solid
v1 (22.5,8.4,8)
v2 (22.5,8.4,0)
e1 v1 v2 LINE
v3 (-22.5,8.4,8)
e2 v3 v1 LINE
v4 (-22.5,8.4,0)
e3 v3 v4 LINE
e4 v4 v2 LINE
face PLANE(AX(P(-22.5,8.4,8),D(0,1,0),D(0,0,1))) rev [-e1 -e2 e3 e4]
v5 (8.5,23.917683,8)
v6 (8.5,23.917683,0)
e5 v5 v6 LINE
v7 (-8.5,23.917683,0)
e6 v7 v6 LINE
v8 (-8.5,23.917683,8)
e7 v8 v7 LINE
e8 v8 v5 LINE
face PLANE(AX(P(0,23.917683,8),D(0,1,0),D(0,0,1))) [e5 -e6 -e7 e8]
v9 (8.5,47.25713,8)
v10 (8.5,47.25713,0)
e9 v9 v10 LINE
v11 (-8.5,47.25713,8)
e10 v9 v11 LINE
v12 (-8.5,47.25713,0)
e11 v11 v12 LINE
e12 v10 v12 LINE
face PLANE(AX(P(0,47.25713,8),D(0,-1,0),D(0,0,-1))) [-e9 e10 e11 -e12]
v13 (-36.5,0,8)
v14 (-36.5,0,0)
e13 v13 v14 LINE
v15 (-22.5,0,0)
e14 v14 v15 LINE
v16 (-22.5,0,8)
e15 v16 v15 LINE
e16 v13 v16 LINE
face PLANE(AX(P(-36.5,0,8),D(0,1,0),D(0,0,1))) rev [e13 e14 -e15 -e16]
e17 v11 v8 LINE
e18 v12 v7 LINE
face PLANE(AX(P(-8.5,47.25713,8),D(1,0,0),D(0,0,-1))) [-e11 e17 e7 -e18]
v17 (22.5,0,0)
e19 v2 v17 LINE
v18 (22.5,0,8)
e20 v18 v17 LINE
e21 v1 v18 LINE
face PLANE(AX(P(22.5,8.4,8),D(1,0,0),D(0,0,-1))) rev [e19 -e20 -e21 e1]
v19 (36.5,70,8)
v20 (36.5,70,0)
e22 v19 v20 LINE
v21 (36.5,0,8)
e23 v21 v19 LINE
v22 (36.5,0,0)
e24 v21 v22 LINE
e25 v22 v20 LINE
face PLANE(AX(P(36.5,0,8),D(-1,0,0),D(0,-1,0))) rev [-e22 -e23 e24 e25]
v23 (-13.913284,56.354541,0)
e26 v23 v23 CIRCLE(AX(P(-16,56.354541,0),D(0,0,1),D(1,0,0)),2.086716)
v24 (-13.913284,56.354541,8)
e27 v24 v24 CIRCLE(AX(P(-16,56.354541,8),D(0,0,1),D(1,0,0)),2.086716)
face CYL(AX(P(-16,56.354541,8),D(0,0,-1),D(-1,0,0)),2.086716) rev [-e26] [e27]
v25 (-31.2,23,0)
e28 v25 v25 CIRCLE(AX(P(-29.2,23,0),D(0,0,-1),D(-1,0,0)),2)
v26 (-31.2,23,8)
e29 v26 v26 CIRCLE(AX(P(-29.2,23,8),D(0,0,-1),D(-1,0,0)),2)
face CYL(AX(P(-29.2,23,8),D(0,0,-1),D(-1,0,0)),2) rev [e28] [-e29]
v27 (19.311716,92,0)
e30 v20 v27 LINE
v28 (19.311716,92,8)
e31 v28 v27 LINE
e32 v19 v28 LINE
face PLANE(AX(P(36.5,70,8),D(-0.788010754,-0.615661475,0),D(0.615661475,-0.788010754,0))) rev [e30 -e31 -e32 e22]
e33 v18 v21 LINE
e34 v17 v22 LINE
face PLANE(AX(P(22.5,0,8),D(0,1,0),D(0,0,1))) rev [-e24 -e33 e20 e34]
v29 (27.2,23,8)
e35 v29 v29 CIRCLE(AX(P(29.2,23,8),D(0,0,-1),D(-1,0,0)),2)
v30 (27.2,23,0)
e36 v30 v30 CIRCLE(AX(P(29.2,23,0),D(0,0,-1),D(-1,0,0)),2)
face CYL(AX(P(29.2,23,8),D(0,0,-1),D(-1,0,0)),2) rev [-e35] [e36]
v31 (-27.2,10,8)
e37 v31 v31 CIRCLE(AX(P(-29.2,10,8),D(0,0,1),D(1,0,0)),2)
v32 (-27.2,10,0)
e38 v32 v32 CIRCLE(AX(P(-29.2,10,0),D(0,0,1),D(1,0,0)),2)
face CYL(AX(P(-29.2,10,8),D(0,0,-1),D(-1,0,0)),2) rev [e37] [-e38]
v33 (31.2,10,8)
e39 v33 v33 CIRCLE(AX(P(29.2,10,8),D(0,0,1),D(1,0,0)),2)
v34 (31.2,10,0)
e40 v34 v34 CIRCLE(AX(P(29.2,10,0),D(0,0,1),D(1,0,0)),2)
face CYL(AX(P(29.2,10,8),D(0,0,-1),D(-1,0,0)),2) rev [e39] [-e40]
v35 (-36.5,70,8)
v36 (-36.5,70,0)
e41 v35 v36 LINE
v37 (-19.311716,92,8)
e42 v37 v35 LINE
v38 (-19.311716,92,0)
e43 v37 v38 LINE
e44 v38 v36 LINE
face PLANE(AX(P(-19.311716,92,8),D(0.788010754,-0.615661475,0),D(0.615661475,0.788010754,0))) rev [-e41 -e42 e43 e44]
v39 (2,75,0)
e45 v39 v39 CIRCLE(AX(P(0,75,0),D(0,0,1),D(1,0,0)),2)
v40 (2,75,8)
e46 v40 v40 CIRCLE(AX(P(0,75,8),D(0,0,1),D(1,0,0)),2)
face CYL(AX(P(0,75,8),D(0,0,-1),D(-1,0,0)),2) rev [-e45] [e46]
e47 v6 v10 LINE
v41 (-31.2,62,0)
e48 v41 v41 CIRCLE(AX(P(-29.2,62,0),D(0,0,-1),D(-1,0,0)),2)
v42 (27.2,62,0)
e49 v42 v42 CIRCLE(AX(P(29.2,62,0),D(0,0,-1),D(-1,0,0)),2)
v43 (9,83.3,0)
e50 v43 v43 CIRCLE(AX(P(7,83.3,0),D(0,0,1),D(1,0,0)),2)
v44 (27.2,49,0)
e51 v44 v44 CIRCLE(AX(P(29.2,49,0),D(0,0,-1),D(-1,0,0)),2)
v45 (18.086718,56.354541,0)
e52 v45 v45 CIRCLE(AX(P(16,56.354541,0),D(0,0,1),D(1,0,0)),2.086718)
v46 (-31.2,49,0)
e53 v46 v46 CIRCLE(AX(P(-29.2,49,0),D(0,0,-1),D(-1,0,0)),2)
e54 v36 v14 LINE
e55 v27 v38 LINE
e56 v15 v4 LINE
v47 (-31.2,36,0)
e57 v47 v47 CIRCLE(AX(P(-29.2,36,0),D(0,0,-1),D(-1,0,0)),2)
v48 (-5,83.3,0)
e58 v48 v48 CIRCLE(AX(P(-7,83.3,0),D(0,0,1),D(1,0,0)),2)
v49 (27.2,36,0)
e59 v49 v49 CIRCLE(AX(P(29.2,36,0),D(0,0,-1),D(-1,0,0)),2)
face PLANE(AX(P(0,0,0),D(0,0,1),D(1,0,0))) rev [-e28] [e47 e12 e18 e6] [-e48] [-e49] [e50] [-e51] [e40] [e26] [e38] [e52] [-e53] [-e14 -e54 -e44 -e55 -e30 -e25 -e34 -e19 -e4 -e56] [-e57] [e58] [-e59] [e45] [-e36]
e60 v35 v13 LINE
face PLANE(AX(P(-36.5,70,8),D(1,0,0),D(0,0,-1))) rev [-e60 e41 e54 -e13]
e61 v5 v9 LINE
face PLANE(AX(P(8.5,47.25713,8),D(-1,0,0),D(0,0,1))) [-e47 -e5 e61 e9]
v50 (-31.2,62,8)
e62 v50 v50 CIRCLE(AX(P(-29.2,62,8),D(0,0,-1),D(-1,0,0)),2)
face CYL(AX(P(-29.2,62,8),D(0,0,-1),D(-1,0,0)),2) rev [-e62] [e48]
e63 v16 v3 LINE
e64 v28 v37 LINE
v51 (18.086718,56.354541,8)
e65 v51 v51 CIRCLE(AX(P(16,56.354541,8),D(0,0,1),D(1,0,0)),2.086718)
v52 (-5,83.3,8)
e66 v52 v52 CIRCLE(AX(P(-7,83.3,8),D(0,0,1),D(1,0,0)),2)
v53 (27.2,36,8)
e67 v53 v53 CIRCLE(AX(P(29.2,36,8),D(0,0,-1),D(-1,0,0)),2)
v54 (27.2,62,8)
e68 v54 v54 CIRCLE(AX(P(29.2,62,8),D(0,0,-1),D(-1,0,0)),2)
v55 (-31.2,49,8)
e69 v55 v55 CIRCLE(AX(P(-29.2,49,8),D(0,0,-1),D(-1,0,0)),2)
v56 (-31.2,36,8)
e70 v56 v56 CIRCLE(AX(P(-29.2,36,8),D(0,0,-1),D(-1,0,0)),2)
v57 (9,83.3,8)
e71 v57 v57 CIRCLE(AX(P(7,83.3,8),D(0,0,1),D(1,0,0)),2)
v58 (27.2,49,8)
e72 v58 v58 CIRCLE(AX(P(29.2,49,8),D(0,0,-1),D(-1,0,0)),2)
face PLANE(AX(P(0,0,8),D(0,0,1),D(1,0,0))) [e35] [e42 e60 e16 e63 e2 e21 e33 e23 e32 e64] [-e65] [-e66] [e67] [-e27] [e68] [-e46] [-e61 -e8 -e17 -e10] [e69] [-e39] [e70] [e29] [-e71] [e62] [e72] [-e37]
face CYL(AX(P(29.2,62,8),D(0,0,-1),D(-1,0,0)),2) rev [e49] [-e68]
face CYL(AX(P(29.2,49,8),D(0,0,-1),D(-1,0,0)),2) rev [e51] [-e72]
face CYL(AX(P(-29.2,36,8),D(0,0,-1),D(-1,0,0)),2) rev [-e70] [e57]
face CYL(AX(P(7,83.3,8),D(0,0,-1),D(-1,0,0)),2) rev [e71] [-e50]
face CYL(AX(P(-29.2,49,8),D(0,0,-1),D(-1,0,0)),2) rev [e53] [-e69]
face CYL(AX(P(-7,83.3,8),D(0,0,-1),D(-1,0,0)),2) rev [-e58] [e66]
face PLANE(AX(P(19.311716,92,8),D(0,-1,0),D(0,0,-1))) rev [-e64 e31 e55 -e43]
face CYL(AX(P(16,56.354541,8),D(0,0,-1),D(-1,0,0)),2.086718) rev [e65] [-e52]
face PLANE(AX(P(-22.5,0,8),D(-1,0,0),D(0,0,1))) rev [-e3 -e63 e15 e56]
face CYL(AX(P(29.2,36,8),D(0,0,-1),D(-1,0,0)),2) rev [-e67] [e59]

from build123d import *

# Parameters (mm, degrees)
ESBO_O1_R                = 2
ESBO_O1_R_2              = 2.086716092
ESBO_O1_R_3              = 2.086717953
RESSALTO_EXTRUS_O1_DEPTH = 8
ESBO_O2_R                = 2
CORTE_EXTRUS_O1_DEPTH    = 9


with BuildPart() as part:
    # Esboço1 → Ressalto-extrusão1 (new body)
    with BuildSketch(Plane.XY):
        Polygon((19.311716217, 92), (-19.311716217, 92), (-36.5, 70), (-36.5, 0), (-22.499999998, 0), (-22.499999998, 8.400000004), (22.499999998, 8.400000004), (22.499999998, 0), (36.5, 0), (36.5, 70), align=None)
        with Locations((0, 75)):
            Circle(ESBO_O1_R, mode=Mode.SUBTRACT)
        with Locations((-7, 83.3)):
            Circle(ESBO_O1_R, mode=Mode.SUBTRACT)
        with Locations((7, 83.3)):
            Circle(ESBO_O1_R, mode=Mode.SUBTRACT)
        with Locations((-29.2, 10)):
            Circle(ESBO_O1_R, mode=Mode.SUBTRACT)
        with Locations((29.2, 10)):
            Circle(ESBO_O1_R, mode=Mode.SUBTRACT)
        with Locations((-16, 56.354540575)):
            Circle(ESBO_O1_R_2, mode=Mode.SUBTRACT)
        with Locations((16, 56.354540575)):
            Circle(ESBO_O1_R_3, mode=Mode.SUBTRACT)
        Polygon((0, 47.257129716), (8.5, 47.257129716), (8.5, 23.917682695), (0, 23.917682695), (-8.5, 23.917682695), (-8.5, 47.257129716), align=None, mode=Mode.SUBTRACT)
    extrude(amount=RESSALTO_EXTRUS_O1_DEPTH)

    # Esboço2 → Corte-extrusão1 (cut, through all)
    with BuildSketch(Plane(origin=(0, 0, 0), x_dir=(-1, 0, 0), z_dir=(0, 0, -1))):
        with Locations((29.2, 23)):
            Circle(ESBO_O2_R)
        with Locations((29.2, 36)):
            Circle(ESBO_O2_R)
        with Locations((29.2, 49)):
            Circle(ESBO_O2_R)
        with Locations((29.2, 62)):
            Circle(ESBO_O2_R)
        with Locations((-29.2, 49)):
            Circle(ESBO_O2_R)
        with Locations((-29.2, 36)):
            Circle(ESBO_O2_R)
        with Locations((-29.2, 62)):
            Circle(ESBO_O2_R)
        with Locations((-29.2, 23)):
            Circle(ESBO_O2_R)
    extrude(amount=-CORTE_EXTRUS_O1_DEPTH, mode=Mode.SUBTRACT)


solid = part.part
